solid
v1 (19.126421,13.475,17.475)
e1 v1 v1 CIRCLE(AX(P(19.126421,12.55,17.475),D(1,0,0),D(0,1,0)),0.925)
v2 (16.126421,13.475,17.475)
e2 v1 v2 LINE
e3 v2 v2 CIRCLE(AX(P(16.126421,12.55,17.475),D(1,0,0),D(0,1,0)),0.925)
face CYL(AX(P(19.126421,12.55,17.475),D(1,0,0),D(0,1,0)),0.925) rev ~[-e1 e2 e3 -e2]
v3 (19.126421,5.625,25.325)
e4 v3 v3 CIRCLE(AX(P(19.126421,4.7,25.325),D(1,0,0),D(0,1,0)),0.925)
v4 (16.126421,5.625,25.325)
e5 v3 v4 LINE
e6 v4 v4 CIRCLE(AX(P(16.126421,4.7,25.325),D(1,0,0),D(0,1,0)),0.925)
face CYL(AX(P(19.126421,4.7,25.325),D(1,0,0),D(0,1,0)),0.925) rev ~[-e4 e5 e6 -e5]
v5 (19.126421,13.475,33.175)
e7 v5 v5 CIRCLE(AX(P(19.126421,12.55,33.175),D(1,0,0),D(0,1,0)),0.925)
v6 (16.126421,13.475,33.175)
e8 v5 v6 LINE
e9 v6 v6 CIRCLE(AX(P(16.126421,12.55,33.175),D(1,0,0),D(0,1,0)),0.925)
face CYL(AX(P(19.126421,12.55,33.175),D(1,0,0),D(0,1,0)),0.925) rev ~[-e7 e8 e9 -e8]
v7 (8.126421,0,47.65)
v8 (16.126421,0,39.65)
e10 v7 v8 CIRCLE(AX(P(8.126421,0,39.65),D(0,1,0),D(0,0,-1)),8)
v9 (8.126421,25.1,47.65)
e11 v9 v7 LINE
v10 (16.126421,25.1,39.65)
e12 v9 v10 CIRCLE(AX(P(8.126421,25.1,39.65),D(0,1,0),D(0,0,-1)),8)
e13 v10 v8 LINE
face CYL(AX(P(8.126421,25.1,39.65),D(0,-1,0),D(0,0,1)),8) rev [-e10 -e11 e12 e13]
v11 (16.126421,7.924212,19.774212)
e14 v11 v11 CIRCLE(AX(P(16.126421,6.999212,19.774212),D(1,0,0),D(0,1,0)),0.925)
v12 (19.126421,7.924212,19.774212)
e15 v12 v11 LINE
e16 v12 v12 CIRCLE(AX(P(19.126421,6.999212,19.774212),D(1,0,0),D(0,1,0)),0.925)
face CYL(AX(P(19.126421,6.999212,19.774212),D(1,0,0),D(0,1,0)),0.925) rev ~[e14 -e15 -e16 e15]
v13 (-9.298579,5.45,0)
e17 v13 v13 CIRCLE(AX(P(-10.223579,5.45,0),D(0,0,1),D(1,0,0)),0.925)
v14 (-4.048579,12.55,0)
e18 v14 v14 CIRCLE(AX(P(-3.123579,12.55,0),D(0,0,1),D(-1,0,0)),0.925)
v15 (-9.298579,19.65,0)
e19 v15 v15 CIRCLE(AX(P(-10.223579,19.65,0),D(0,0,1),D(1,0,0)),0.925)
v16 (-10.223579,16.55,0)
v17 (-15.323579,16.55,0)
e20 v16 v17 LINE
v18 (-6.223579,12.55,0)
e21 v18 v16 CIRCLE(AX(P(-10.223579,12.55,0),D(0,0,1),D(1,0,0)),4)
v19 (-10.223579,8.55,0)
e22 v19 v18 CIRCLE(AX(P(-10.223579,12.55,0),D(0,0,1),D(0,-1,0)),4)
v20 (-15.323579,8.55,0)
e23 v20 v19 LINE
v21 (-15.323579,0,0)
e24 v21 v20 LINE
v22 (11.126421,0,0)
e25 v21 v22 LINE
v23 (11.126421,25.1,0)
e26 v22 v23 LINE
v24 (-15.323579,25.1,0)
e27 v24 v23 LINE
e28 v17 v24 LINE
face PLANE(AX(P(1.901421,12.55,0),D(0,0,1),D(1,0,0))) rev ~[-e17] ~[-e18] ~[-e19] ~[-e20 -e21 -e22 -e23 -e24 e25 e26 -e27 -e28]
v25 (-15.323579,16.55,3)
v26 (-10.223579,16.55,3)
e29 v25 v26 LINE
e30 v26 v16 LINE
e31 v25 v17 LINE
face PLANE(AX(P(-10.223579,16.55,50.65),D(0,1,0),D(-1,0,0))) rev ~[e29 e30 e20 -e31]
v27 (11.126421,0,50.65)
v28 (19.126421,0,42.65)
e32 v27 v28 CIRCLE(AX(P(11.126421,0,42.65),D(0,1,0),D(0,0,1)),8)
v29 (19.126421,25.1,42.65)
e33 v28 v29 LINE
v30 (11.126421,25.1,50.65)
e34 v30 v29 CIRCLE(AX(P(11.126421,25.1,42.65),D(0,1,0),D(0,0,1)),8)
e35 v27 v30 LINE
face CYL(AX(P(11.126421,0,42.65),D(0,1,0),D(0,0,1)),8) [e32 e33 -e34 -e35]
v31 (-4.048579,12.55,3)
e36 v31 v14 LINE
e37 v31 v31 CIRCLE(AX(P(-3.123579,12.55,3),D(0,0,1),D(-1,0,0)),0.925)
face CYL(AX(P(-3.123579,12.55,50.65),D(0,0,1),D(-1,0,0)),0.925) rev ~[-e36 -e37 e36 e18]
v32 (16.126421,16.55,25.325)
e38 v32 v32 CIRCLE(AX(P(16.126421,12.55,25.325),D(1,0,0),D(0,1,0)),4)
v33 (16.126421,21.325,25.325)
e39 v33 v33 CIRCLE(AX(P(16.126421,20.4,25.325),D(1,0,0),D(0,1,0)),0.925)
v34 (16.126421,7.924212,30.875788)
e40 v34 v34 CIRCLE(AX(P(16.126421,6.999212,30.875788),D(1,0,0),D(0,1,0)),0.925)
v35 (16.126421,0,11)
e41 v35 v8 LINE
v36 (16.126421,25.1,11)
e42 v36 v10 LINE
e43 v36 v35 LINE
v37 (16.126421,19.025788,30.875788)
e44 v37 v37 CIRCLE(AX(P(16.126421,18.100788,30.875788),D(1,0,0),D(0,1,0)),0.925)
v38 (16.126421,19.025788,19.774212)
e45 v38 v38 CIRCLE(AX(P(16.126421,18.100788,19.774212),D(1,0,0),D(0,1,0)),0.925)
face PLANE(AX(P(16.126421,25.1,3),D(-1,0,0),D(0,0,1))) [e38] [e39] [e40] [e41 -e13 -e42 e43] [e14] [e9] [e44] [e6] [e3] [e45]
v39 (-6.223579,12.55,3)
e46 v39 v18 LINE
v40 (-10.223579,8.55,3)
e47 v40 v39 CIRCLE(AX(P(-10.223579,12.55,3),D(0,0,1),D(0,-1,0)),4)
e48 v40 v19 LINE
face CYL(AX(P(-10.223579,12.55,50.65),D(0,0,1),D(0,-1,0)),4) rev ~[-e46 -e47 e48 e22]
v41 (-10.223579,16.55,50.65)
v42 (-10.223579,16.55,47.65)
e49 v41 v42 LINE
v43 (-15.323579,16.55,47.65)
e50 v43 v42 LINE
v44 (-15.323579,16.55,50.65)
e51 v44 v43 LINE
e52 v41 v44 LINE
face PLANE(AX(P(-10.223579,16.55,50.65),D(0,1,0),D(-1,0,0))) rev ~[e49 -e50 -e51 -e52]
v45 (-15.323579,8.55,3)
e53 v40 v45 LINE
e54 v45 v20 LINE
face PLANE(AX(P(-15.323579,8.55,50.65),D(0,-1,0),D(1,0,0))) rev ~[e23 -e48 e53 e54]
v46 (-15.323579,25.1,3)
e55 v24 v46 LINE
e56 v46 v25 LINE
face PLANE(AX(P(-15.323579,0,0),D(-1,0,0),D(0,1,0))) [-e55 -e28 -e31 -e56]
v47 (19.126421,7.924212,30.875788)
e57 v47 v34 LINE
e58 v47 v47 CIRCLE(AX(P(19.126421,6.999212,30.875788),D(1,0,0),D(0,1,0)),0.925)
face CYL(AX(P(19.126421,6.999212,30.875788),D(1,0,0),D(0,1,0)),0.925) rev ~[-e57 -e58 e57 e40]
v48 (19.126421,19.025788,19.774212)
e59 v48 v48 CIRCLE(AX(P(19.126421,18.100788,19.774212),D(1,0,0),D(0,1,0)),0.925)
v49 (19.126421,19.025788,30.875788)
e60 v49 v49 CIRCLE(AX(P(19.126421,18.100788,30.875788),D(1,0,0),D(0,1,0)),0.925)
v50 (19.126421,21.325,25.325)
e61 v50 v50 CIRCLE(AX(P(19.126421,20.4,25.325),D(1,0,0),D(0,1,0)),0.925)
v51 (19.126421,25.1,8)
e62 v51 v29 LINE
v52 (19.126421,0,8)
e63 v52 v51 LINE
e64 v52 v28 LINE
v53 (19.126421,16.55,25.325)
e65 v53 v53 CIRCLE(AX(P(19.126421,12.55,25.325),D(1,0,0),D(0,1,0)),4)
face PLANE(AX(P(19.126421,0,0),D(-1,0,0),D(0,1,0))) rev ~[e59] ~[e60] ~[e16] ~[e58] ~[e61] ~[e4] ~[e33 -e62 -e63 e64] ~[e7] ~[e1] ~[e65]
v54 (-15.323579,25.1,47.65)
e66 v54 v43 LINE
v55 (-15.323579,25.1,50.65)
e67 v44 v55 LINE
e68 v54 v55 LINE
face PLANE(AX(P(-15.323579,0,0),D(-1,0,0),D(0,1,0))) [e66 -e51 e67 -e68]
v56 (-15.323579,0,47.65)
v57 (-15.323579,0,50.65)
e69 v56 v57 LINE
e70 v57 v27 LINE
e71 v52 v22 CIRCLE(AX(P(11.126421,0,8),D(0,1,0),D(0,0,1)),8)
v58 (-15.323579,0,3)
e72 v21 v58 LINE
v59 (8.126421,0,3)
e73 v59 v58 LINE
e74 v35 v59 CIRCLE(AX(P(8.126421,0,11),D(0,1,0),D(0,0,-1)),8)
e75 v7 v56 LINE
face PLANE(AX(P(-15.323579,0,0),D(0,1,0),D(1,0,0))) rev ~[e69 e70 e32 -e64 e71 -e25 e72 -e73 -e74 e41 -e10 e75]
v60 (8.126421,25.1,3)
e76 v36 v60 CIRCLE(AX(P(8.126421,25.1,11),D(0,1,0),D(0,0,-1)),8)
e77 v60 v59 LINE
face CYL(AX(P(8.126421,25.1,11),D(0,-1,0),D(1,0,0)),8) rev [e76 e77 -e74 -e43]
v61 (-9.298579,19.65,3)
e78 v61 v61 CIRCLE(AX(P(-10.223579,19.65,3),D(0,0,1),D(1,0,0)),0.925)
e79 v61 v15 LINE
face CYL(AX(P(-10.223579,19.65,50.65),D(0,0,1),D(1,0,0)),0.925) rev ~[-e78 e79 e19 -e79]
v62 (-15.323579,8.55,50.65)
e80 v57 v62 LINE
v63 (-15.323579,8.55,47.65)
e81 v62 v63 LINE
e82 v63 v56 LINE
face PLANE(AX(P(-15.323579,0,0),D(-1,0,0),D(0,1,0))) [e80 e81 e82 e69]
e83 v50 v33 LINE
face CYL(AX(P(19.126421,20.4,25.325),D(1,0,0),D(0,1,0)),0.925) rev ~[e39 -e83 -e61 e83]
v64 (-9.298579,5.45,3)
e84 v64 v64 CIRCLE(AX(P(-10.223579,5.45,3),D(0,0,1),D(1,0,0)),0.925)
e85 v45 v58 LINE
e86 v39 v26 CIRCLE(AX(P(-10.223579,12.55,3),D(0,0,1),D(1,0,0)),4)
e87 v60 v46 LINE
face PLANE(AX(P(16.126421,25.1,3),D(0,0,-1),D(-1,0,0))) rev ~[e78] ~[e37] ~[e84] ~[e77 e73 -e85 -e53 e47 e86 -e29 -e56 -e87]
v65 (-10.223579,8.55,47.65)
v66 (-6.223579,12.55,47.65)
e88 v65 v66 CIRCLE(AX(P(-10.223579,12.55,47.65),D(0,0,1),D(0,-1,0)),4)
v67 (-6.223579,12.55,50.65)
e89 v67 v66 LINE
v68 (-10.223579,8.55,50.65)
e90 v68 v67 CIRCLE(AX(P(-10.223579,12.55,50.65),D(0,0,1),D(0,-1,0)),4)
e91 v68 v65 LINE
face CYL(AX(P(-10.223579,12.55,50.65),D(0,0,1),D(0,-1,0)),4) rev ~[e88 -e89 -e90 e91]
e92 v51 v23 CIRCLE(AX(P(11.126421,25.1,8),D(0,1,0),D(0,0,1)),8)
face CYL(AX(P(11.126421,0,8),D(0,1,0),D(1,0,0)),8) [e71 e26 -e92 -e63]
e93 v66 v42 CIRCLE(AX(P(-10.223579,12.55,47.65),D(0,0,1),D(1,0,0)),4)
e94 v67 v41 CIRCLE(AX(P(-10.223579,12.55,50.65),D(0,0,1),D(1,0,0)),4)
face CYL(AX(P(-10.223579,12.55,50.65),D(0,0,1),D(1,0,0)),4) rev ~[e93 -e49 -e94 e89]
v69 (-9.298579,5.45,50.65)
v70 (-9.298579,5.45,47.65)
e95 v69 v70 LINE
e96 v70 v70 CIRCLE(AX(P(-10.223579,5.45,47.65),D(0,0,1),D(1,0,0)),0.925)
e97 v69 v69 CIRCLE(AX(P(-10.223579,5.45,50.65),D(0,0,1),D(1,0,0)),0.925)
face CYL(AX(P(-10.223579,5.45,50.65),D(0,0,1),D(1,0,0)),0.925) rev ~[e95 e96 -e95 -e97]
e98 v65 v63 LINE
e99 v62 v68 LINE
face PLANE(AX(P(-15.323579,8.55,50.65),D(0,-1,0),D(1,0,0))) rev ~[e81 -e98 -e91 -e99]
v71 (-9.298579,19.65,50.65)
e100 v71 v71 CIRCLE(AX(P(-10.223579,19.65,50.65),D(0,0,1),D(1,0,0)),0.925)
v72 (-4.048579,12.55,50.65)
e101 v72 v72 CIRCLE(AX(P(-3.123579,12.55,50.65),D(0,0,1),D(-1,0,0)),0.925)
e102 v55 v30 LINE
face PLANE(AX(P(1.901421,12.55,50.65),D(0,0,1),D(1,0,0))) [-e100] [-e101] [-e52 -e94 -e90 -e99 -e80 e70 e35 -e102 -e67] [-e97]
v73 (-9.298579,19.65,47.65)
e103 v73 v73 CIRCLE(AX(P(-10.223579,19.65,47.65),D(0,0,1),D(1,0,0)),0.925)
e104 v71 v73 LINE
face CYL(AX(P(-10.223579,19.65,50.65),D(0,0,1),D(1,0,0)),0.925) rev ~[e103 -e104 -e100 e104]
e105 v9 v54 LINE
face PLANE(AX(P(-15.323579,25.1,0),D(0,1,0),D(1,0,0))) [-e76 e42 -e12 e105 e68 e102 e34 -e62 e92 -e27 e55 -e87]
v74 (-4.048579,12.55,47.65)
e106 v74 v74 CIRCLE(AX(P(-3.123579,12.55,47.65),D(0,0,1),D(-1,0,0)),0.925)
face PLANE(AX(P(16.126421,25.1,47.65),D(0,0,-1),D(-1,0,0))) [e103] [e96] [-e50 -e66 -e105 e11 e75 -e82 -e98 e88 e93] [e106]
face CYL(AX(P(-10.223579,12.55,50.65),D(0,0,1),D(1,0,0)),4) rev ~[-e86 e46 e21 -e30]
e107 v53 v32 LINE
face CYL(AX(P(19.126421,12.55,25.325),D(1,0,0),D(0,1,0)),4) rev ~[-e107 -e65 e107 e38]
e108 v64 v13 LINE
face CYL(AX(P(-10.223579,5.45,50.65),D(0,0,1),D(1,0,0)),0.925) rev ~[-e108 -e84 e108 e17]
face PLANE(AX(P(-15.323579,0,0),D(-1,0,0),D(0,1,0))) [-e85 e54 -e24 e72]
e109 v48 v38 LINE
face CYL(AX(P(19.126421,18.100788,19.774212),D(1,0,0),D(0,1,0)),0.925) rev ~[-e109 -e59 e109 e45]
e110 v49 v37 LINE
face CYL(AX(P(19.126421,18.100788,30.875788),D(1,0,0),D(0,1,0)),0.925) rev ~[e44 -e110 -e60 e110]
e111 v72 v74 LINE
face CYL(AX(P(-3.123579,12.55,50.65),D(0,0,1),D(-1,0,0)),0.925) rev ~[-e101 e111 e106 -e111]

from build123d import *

# Parameters (mm, degrees)
F0_W      = 34.45
F0_H      = 25.1
F1_DEPTH  = 50.65
F2_T      = -5
F3_R      = 4
F3_R_2    = 0.925
F4_DEPTH  = 25
F5_W      = 31.45
F5_H      = 44.65
F6_DEPTH  = 25.101
F7_R      = 8
F8_R      = 8
F9_R      = 0.925
F10_DEPTH = 50.651


with BuildPart() as f1:
    # F0 (on Top) → F1 (new body)
    with BuildSketch(Plane.XY):
        with Locations((1.9014209259, 12.55)):
            Rectangle(F0_W, F0_H)
    extrude(amount=F1_DEPTH)

    # F2
    f2_openings = [f1.faces().sort_by_distance(p)[0] for p in [
        (-15.323579, 12.55, 25.325),
    ]]
    offset(amount=F2_T, openings=f2_openings)

    # F3 (on face) → F4 (cut)
    with BuildSketch(Plane.YZ.offset(19.1264209259)):
        with Locations((12.55, 25.325)):
            Circle(F3_R)
        with Locations((12.55, 17.475)):
            Circle(F3_R_2)
        with Locations((18.1007882323, 19.7742117677)):
            Circle(F3_R_2)
        with Locations((20.4, 25.325)):
            Circle(F3_R_2)
        with Locations((18.1007882323, 30.8757882323)):
            Circle(F3_R_2)
        with Locations((12.55, 33.175)):
            Circle(F3_R_2)
        with Locations((6.9992117677, 30.8757882323)):
            Circle(F3_R_2)
        with Locations((4.7, 25.325)):
            Circle(F3_R_2)
        with Locations((6.9992117677, 19.7742117677)):
            Circle(F3_R_2)
    extrude(amount=-F4_DEPTH, mode=Mode.SUBTRACT)

    # F5 (on face) → F6 (cut, through all)
    with BuildSketch(Plane(origin=(0, 25.1, 0), x_dir=(-1, 0, 0), z_dir=(0, 1, 0))):
        with Locations((-0.4014209259, 25.325)):
            Rectangle(F5_W, F5_H)
    extrude(amount=-F6_DEPTH, mode=Mode.SUBTRACT)

    # F7
    f7_edges = [f1.edges().sort_by_distance(p)[0] for p in [
        (16.126421, 12.55, 47.65),
        (16.126421, 12.55, 3),
    ]]
    fillet(f7_edges, radius=F7_R)

    # F8
    f8_edges = [f1.edges().sort_by_distance(p)[0] for p in [
        (19.126421, 12.55, 50.65),
        (19.126421, 12.55, 0),
    ]]
    fillet(f8_edges, radius=F8_R)

    # F9 (on face) → F10 (cut, through all)
    with BuildSketch(Plane.XY.offset(50.65)):
        with Locations((-10.2235790741, 19.65)):
            Circle(F9_R)
        with Locations((-10.2235790741, 5.45)):
            Circle(F9_R)
        with BuildLine():
            Line((-4.0485790741, 12.55), (-2.1985790741, 12.55))
            ThreePointArc((-2.1985790741, 12.55), (-3.1235790741, 13.475), (-4.0485790741, 12.55))
        make_face()
        with BuildLine():
            ThreePointArc((-4.0485790741, 12.55), (-3.1235790741, 11.625), (-2.1985790741, 12.55))
            Line((-2.1985790741, 12.55), (-4.0485790741, 12.55))
        make_face()
        with BuildLine():
            ThreePointArc((-10.2235790741, 16.55), (-13.0520061988, 15.3784271247), (-14.2235790741, 12.55))
            Line((-14.2235790741, 12.55), (-6.2235790741, 12.55))
            ThreePointArc((-6.2235790741, 12.55), (-7.3951519493, 15.3784271247), (-10.2235790741, 16.55))
        make_face()
        with BuildLine():
            ThreePointArc((-14.2235790741, 12.55), (-13.0520061988, 9.7215728753), (-10.2235790741, 8.55))
            ThreePointArc((-10.2235790741, 8.55), (-7.3951519493, 9.7215728753), (-6.2235790741, 12.55))
            Line((-6.2235790741, 12.55), (-14.2235790741, 12.55))
        make_face()
        with BuildLine():
            Line((-15.3235790741, 16.55), (-15.3235790741, 12.55))
            Line((-15.3235790741, 12.55), (-14.2235790741, 12.55))
            ThreePointArc((-14.2235790741, 12.55), (-13.0520061988, 15.3784271247), (-10.2235790741, 16.55))
            Line((-10.2235790741, 16.55), (-15.3235790741, 16.55))
        make_face()
        with BuildLine():
            Line((-15.3235790741, 12.55), (-15.3235790741, 8.55))
            Line((-15.3235790741, 8.55), (-10.2235790741, 8.55))
            ThreePointArc((-10.2235790741, 8.55), (-13.0520061988, 9.7215728753), (-14.2235790741, 12.55))
            Line((-14.2235790741, 12.55), (-15.3235790741, 12.55))
        make_face()
    extrude(amount=-F10_DEPTH, mode=Mode.SUBTRACT)


solid = f1.part
